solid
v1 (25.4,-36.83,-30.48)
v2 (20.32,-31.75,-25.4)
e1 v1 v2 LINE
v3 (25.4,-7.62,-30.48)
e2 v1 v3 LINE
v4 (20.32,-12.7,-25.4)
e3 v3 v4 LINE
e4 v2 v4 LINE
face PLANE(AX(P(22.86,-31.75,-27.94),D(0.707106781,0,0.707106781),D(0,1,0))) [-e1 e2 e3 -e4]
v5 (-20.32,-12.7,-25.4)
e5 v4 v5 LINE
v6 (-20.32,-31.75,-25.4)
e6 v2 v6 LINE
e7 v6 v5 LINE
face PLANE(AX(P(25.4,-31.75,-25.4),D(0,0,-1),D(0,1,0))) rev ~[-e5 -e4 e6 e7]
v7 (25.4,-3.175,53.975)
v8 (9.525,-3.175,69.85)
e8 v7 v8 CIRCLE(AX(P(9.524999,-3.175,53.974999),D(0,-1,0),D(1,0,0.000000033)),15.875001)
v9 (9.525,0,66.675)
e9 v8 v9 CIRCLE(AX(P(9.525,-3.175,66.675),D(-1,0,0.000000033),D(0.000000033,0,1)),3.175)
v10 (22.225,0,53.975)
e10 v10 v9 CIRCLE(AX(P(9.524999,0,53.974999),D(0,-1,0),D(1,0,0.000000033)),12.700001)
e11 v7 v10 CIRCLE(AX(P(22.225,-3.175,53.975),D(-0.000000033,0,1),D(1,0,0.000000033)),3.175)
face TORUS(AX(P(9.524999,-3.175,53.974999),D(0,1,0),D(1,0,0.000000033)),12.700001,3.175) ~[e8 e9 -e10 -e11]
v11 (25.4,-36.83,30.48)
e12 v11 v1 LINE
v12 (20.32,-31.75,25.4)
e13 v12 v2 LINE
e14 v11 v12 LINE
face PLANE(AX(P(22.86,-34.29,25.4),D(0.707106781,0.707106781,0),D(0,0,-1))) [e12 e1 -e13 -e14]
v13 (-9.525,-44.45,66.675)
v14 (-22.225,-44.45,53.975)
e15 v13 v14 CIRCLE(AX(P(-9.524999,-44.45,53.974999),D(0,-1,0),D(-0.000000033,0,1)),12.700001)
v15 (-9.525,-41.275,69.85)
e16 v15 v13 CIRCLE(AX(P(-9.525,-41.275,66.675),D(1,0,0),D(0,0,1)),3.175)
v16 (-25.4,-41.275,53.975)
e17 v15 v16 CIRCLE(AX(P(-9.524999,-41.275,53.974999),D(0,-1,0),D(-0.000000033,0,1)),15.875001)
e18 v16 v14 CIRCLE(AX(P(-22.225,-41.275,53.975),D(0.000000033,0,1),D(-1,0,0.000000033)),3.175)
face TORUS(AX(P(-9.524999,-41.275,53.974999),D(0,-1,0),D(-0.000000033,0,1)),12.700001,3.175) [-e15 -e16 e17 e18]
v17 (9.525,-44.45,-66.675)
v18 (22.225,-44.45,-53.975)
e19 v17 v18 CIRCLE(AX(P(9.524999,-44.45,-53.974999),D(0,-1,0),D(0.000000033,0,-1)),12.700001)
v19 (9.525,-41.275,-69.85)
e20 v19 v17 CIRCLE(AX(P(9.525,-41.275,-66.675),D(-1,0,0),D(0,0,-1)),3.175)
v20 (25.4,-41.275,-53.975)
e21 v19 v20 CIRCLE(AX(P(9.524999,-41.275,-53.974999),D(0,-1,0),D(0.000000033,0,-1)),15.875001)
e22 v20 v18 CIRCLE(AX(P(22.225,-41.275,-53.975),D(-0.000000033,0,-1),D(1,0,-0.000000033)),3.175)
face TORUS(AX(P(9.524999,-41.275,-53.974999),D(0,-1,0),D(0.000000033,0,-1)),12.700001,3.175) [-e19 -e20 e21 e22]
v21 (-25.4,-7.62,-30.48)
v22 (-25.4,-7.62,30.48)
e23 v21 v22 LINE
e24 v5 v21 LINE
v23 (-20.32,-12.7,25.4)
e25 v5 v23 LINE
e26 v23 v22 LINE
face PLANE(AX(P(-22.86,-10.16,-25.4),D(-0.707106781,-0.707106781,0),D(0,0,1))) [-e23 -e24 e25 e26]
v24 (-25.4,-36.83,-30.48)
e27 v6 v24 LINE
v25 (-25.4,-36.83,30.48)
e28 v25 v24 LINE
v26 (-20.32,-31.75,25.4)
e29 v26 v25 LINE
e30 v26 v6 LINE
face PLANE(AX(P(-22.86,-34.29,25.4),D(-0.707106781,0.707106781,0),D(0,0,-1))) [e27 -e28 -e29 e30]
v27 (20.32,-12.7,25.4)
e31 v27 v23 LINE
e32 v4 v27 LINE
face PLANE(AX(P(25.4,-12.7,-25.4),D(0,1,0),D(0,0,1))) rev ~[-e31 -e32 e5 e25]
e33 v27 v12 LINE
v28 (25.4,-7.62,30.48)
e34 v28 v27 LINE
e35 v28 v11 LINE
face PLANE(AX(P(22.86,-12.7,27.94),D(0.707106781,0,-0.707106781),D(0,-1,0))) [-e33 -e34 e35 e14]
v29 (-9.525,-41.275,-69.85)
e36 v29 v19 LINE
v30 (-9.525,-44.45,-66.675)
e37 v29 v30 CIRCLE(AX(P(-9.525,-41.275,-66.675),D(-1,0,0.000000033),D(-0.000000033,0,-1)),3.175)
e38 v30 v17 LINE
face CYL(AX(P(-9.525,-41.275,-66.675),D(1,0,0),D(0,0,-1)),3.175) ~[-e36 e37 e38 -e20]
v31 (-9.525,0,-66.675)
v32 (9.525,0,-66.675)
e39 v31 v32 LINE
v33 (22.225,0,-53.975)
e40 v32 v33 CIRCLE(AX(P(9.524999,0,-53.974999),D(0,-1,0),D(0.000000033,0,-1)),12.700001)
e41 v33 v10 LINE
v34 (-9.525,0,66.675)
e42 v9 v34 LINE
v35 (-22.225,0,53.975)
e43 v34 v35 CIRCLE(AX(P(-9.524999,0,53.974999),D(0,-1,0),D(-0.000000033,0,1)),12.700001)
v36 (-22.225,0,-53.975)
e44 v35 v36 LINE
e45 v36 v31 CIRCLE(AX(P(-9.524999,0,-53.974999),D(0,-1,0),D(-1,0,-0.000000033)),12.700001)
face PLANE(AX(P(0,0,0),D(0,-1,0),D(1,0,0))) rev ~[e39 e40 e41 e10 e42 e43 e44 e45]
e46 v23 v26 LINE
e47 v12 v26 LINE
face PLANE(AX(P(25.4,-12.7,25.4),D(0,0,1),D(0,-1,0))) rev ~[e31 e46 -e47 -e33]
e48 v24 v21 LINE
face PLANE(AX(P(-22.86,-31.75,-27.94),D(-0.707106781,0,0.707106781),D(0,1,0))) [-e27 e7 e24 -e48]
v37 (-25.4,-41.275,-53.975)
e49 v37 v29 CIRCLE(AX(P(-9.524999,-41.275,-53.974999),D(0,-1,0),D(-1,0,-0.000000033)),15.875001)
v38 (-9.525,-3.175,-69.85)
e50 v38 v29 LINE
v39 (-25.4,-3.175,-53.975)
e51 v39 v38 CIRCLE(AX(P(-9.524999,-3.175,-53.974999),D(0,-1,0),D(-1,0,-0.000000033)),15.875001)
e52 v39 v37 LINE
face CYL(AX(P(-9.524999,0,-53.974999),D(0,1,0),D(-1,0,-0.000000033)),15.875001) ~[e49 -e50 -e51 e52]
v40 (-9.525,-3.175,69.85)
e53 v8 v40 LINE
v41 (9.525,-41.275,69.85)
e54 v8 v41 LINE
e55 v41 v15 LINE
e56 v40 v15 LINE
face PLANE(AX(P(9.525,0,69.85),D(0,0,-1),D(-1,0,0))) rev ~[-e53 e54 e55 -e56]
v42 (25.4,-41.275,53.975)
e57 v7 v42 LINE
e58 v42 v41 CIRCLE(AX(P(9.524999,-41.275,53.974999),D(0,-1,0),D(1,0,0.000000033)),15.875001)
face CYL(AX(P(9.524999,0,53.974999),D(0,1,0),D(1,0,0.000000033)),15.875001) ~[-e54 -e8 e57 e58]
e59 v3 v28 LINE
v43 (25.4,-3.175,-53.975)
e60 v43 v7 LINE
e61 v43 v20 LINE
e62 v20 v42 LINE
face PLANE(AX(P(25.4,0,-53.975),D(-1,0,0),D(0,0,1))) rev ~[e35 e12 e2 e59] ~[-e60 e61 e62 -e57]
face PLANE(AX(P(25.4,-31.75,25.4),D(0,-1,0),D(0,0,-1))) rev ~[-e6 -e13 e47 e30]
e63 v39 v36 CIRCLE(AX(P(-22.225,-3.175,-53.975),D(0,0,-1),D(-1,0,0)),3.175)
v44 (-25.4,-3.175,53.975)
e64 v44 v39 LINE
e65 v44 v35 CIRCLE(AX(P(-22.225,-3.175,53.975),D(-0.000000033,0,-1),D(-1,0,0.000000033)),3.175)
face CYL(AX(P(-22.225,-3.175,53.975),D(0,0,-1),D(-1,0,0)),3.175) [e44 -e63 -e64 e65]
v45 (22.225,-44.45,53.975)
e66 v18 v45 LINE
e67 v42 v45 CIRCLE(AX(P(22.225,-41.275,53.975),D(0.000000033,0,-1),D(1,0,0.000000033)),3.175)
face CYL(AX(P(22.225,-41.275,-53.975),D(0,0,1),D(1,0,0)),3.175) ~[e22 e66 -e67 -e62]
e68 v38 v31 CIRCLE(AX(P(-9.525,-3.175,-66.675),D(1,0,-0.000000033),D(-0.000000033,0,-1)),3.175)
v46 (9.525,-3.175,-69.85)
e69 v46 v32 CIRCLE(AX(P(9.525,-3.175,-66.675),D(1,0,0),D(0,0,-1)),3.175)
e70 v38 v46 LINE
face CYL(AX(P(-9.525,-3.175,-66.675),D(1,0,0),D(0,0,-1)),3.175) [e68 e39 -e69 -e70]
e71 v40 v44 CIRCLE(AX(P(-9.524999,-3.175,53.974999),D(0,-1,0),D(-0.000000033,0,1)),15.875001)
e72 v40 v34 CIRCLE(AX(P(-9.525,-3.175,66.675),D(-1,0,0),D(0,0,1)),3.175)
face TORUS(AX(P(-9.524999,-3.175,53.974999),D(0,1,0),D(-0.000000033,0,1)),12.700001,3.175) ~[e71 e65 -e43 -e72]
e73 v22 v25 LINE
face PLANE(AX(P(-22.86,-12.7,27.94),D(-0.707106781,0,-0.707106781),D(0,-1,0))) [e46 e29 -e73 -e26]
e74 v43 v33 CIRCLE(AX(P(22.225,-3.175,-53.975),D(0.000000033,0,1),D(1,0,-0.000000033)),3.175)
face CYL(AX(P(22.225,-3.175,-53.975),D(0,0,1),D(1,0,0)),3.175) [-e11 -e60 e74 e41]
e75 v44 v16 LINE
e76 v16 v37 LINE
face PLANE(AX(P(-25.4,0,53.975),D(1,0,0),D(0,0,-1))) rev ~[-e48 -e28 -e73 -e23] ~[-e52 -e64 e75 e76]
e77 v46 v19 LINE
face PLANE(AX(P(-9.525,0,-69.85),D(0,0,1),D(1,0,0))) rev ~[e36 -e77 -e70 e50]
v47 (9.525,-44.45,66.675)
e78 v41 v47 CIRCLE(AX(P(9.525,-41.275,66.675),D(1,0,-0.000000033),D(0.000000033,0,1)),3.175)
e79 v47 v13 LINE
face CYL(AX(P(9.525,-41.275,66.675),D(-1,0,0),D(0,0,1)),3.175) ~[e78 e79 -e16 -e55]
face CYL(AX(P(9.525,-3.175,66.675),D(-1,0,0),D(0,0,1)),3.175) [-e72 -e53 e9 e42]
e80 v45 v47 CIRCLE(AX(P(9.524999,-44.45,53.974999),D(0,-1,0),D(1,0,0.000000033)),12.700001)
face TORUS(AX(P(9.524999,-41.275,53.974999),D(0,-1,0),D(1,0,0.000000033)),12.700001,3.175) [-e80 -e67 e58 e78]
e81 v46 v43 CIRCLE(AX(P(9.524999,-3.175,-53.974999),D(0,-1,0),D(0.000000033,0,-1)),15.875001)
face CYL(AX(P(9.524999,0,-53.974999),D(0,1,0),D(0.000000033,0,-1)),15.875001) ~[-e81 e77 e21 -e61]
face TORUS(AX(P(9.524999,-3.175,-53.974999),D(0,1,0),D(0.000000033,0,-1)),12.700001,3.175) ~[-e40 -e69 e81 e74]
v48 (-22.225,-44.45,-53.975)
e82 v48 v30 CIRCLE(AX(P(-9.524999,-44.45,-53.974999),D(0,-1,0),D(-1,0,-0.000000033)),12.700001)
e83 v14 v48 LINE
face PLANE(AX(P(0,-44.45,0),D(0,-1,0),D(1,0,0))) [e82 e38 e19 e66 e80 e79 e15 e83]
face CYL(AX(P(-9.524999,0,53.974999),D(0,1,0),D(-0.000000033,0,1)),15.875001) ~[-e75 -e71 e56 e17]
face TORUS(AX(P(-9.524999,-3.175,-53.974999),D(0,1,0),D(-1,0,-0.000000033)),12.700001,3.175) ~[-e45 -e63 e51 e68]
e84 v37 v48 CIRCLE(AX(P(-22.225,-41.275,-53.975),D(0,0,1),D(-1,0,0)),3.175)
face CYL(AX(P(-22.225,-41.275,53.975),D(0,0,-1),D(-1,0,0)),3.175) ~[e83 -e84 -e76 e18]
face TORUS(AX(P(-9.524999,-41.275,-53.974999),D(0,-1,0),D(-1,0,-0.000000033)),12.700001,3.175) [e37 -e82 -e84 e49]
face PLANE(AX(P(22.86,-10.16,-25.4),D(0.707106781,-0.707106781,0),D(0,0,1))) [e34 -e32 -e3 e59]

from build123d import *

# Parameters (mm, degrees)
F1_DEPTH = 44.45
F2_R     = 3.175
F4_DEPTH = 50.801
F5_SIZE  = 5.08


with BuildPart() as f1:
    # F0 (on Front) → F1 (new body)
    with BuildSketch(Plane.XZ):
        with BuildLine():
            ThreePointArc((25.4, 53.975), (20.75032, 65.20032), (9.525, 69.85))
            Line((9.525, 69.85), (-9.525, 69.85))
            ThreePointArc((-9.525, 69.85), (-20.75032, 65.20032), (-25.4, 53.975))
            Line((-25.4, 53.975), (-25.4, -53.975))
            ThreePointArc((-25.4, -53.975), (-20.75032, -65.20032), (-9.525, -69.85))
            Line((-9.525, -69.85), (9.525, -69.85))
            ThreePointArc((9.525, -69.85), (20.75032, -65.20032), (25.4, -53.975))
            Line((25.4, -53.975), (25.4, 53.975))
        make_face()
    extrude(amount=F1_DEPTH)

    # F2
    f2_edges = [f1.edges().sort_by_distance(p)[0] for p in [
        (20.75032, -44.45, 65.20032),
        (0, -44.45, 69.85),
        (-20.75032, -44.45, 65.20032),
        (-25.4, -44.45, 0),
        (-20.75032, -44.45, -65.20032),
        (0, -44.45, -69.85),
        (20.75032, -44.45, -65.20032),
        (25.4, -44.45, 0),
        (20.75032, 0, 65.20032),
        (0, 0, 69.85),
        (-20.75032, 0, 65.20032),
        (-25.4, 0, 0),
        (-20.75032, 0, -65.20032),
        (0, 0, -69.85),
        (20.75032, 0, -65.20032),
        (25.4, 0, 0),
    ]]
    fillet(f2_edges, radius=F2_R)

    # F3 (on face) → F4 (cut, through all)
    with BuildSketch(Plane.YZ.offset(25.4)):
        Polygon((-31.75, 25.4), (-31.75, 0), (-31.75, -25.4), (-12.7, -25.4), (-12.7, 25.4), align=None)
    extrude(amount=-F4_DEPTH, mode=Mode.SUBTRACT)

    # F5
    f5_edges = [f1.edges().sort_by_distance(p)[0] for p in [
        (-25.4, -22.225, -25.4),
        (-25.4, -31.75, 0),
        (-25.4, -12.7, 0),
        (-25.4, -22.225, 25.4),
        (25.4, -22.225, -25.4),
        (25.4, -31.75, 0),
        (25.4, -12.7, 0),
        (25.4, -22.225, 25.4),
    ]]
    chamfer(f5_edges, length=F5_SIZE)


solid = f1.part
